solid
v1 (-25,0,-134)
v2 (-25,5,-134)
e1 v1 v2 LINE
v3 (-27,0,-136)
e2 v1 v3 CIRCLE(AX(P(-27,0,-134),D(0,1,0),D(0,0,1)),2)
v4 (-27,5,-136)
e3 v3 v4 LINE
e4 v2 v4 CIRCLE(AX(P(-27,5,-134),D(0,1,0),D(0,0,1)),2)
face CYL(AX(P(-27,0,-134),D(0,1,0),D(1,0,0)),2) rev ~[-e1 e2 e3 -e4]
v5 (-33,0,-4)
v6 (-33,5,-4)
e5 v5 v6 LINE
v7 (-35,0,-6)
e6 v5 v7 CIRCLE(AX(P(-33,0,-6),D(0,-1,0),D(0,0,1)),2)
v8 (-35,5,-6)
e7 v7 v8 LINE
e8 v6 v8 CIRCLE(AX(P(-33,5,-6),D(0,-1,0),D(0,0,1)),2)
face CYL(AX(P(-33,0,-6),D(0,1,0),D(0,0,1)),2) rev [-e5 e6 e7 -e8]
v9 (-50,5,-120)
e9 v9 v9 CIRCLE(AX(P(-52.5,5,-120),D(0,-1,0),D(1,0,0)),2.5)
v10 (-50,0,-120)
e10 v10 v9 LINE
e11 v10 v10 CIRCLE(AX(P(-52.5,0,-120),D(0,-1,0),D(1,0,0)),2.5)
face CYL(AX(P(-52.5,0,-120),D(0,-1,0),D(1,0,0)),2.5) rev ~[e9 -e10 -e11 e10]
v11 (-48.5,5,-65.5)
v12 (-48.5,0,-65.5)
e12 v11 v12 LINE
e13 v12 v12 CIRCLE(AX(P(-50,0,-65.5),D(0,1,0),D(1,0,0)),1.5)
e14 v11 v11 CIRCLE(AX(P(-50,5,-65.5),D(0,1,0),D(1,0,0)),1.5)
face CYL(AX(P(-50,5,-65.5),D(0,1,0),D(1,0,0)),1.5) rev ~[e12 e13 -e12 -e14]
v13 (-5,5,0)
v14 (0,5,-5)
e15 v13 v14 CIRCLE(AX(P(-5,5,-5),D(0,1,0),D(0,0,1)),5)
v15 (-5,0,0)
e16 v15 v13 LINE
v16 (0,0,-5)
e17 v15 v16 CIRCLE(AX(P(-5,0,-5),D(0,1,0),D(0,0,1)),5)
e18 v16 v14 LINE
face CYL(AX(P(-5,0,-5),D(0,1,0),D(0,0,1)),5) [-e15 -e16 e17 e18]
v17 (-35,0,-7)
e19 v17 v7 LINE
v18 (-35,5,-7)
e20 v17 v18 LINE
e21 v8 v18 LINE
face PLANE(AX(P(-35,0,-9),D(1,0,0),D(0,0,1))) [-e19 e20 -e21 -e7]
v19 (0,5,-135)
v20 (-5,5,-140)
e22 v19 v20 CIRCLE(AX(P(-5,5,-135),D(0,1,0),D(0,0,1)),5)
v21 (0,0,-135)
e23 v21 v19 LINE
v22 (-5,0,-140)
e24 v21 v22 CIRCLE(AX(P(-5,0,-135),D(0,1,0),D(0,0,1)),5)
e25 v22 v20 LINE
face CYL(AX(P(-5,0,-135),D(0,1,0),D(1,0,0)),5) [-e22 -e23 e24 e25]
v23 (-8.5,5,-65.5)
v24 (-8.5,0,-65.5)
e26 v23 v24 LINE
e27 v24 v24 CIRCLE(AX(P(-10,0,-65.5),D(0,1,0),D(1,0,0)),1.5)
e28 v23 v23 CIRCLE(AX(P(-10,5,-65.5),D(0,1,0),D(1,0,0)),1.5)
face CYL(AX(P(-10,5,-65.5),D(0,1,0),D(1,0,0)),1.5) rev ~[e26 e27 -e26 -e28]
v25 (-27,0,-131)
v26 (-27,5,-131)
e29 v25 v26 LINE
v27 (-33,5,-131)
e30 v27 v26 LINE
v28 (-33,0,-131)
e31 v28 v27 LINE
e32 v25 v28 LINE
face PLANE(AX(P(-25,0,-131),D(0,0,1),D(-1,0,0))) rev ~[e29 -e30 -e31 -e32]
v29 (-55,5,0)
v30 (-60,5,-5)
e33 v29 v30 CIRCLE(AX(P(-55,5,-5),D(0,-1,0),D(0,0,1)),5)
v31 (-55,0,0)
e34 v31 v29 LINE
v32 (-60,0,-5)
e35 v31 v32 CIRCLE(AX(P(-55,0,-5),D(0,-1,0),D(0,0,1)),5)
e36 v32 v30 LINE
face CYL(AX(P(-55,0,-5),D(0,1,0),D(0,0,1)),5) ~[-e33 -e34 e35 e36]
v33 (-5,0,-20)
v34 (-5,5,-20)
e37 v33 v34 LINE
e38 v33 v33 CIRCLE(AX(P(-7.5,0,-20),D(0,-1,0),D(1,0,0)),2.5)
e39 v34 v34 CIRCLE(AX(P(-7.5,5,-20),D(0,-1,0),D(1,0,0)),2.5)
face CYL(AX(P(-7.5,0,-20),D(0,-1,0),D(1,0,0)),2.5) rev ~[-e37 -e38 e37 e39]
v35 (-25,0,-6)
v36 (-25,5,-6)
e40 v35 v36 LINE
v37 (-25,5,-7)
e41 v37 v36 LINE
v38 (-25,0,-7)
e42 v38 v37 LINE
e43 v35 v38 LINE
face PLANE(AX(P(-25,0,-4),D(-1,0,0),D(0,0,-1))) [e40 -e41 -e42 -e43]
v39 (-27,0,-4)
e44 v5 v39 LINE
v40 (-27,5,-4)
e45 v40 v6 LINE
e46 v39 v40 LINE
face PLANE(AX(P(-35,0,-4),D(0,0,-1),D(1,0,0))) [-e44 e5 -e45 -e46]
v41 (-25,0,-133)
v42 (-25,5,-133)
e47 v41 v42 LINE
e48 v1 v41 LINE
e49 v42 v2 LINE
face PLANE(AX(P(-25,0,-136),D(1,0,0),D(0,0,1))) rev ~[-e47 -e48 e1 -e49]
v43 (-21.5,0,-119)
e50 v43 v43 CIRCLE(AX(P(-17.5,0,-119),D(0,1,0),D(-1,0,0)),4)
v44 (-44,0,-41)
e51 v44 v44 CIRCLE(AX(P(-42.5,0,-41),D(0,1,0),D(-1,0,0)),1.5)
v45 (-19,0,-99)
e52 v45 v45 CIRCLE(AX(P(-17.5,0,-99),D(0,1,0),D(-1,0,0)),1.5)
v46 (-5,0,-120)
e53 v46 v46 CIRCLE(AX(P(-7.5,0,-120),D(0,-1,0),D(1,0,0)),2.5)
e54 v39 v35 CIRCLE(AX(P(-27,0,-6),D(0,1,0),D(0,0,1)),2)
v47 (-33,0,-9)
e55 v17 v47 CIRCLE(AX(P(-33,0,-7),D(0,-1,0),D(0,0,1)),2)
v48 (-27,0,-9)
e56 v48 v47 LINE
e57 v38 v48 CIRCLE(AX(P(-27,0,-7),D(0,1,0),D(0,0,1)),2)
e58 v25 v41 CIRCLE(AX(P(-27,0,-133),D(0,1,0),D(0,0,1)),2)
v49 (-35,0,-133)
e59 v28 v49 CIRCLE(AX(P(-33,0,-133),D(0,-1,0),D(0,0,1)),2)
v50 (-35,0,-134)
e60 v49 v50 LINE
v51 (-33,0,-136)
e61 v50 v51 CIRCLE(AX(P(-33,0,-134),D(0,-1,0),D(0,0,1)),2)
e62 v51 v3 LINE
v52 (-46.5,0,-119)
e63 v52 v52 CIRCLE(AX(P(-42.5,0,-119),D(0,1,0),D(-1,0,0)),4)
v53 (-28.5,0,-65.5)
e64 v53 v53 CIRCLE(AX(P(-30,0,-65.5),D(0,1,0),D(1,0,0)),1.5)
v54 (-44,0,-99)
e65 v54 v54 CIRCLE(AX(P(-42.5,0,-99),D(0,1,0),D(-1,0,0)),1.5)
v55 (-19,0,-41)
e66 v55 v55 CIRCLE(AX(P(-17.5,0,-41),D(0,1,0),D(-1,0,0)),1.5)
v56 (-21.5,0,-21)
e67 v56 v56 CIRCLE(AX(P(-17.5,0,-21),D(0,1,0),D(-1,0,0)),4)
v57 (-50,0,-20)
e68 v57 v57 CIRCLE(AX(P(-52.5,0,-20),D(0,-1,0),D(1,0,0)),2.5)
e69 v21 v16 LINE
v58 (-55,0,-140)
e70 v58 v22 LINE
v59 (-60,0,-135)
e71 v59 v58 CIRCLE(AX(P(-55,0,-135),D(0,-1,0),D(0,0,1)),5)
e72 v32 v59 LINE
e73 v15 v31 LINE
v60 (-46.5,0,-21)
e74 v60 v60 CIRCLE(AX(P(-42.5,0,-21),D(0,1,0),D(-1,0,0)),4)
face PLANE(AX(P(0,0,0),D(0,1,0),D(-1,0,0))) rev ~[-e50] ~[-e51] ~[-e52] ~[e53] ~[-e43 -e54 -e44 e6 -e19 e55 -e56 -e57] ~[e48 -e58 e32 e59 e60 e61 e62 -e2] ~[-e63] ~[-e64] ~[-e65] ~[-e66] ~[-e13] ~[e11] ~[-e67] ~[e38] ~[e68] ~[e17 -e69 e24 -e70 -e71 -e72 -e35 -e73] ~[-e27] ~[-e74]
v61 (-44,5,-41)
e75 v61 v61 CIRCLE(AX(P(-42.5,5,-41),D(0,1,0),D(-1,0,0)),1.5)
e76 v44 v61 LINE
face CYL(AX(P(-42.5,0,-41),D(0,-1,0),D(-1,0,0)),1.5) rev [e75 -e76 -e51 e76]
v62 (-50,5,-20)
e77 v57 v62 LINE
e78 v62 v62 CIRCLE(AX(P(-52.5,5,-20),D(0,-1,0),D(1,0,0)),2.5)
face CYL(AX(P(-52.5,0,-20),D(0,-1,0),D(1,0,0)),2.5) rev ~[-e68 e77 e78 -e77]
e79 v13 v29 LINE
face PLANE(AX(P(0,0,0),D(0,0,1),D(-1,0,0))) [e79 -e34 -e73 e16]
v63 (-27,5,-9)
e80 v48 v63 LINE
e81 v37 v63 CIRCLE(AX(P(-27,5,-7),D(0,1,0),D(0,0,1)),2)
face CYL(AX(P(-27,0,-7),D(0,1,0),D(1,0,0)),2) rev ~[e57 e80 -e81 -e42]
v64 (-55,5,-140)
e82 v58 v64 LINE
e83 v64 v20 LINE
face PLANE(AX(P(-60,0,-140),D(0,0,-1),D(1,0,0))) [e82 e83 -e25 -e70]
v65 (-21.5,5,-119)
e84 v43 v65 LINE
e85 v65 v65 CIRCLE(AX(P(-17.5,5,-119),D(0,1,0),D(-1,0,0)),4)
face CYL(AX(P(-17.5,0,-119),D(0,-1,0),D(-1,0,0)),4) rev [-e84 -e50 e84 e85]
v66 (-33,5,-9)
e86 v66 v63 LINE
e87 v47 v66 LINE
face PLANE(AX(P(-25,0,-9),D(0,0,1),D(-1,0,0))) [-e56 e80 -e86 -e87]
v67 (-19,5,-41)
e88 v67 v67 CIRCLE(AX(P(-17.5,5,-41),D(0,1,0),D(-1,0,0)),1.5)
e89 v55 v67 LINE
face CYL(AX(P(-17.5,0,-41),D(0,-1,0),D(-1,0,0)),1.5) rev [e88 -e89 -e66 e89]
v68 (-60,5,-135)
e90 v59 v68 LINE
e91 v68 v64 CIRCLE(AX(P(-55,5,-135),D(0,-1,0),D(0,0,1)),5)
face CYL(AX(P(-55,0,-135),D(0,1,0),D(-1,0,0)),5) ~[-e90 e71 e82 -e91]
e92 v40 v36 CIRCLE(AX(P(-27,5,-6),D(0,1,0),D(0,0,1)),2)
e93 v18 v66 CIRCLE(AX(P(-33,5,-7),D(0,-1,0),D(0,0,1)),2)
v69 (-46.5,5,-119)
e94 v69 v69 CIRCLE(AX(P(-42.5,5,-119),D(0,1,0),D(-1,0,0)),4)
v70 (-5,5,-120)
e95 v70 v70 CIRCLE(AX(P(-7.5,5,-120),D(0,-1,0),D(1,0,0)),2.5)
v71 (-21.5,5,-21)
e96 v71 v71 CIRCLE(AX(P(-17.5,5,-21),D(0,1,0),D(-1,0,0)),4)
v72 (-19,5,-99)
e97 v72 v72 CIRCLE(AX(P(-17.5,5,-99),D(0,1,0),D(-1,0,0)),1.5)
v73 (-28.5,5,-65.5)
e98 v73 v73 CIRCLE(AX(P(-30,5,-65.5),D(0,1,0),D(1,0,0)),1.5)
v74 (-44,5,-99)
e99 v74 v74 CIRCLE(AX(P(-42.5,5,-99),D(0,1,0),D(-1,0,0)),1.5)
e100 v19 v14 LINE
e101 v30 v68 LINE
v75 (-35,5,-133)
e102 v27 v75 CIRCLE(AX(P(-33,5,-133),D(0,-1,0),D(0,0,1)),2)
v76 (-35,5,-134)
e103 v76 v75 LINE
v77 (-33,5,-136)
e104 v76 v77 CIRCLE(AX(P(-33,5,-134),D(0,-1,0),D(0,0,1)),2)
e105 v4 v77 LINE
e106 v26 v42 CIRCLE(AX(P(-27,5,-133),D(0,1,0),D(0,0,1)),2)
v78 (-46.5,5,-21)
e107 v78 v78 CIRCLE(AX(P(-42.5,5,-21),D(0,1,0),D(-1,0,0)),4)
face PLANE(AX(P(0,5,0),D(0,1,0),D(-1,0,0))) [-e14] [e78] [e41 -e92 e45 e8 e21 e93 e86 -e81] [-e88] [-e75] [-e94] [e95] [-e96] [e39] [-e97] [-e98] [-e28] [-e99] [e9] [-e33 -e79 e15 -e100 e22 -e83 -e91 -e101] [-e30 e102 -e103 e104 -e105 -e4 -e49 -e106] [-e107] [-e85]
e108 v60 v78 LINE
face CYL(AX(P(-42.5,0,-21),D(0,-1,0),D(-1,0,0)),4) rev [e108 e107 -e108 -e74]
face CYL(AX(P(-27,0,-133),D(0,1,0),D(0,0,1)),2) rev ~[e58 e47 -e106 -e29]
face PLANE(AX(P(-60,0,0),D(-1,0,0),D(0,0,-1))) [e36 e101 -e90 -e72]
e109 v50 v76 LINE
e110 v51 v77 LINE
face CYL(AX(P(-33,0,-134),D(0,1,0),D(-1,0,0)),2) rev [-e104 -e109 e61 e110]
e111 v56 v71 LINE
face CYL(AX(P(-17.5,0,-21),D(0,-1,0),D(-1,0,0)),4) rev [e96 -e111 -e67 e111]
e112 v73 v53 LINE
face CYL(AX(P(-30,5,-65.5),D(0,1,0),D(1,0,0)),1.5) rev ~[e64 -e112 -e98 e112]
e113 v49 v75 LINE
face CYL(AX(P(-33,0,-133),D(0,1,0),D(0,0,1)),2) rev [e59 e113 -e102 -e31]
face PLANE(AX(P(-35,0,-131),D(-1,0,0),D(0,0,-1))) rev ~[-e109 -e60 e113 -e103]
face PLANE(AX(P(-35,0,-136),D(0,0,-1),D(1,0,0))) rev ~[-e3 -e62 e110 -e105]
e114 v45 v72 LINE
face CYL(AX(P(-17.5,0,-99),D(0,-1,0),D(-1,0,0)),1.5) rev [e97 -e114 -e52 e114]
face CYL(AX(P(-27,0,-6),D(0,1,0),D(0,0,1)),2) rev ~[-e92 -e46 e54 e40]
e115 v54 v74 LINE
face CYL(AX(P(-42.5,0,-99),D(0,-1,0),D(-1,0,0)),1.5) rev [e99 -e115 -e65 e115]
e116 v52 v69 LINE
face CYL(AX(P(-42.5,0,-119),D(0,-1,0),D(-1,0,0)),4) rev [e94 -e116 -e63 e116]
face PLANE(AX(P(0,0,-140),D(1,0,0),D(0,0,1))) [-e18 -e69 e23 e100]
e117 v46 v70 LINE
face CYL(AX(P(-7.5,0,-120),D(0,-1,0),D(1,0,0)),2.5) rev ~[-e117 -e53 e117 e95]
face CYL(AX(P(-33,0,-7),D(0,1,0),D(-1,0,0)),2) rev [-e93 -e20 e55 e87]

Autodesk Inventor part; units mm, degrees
ref_plane "YZ Plane" through (0, 0, 0) normal (1, 0, 0) x (0, 1, 0)
ref_plane "XZ Plane" through (0, 0, 0) normal (0, 1, 0) x (-1, 0, 0)
ref_plane "XY Plane" through (0, 0, 0) normal (0, 0, 1) x (1, 0, 0)
sketch "Sketch1" plane through (0, 0, 0) normal (0, 1, 0) x (-1, 0, 0)
  line L0 (0, 0) -> (60, 0)
  line L1 (60, 0) -> (60, -140)
  line L2 (60, -140) -> (0, -140)
  line L3 (0, -140) -> (0, 0)
  line L4 (30, -20.8594) -> (30, -183.1932) construction
  line L5 (42.5, -21.7206) -> (42.5, -191.0157) construction
  line L6 (17.5, -21.7206) -> (17.5, -184.1979) construction
  circle A0 centre (42.5, -21) radius 4
  circle A1 centre (42.5, -41) radius 1.5
  circle A2 centre (42.5, -99) radius 1.5
  circle A3 centre (42.5, -119) radius 4
  circle A4 centre (17.5, -99) radius 1.5
  circle A5 centre (17.5, -119) radius 4
  circle A6 centre (17.5, -41) radius 1.5
  circle A7 centre (17.5, -21) radius 4
  dimension "d0" = 140
  dimension "d1" = 60
  dimension "d2" = 30
  dimension "d3" = 12.5
  dimension "d4" = 12.5
  dimension "d5" = 8
  dimension "d6" = 3
  dimension "d7" = 3
  dimension "d8" = 8
  dimension "d9" = 3
  dimension "d10" = 8
  dimension "d11" = 3
  dimension "d12" = 8
  dimension "d13" = 20
  dimension "d14" = 20
  dimension "d15" = 20
  dimension "d16" = 20
  dimension "d17" = 21
  dimension "d18" = 21
  dimension "d19" = 21
  dimension "d20" = 21
extrude "Extrusion1" add sketch "Sketch1" along normal blind 5
sketch "Sketch2" plane through (0, 0, 0) normal (0, -1, 0) x (1, 0, 0)
  circle A0 centre (-52.5, -120) radius 2.5
  circle A1 centre (-52.5, -20) radius 2.5
  circle A2 centre (-7.5, -120) radius 2.5
  circle A3 centre (-7.5, -20) radius 2.5
  line L0 (-60, -140) -> (-60, 0) projected
  line L1 (0, -140) -> (-60, -140) projected
  line L2 (-60, 0) -> (0, 0) projected
  line L3 (0, 0) -> (0, -140) projected
  dimension "d23" = 5
  dimension "d24" = 5
  dimension "d25" = 5
  dimension "d26" = 5
  dimension "d27" = 7.5
  dimension "d28" = 20
  dimension "d29" = 7.5
  dimension "d30" = 20
  dimension "d31" = 20
  dimension "d32" = 7.5
  dimension "d33" = 20
  dimension "d34" = 7.5
extrude "Extrusion2" cut sketch "Sketch2" against normal blind 10 contours A0 | A1 | A2 | A3
sketch "Sketch3" plane through (0, 0, 0) normal (0, -1, 0) x (1, 0, 0)
  line L0 (-68.3542, -70) -> (15.9682, -70) construction
  line L1 (0, -140) -> (-60, -140) projected
  line L2 (-35, -136) -> (-25, -136)
  line L3 (-25, -136) -> (-25, -131)
  line L4 (-25, -131) -> (-35, -131)
  line L5 (-35, -131) -> (-35, -136)
  line L6 (-60, -140) -> (-60, 0) projected
  line L7 (-35, -4) -> (-25, -4)
  line L8 (-25, -4) -> (-25, -9)
  line L9 (-25, -9) -> (-35, -9)
  line L10 (-35, -9) -> (-35, -4)
  point P0 (0, 0)
  dimension "d40" = 70
  dimension "d41" = 10
  dimension "d42" = 25
  dimension "d43" = 4
  dimension "d44" = 5
extrude "Extrusion3" cut sketch "Sketch3" against normal blind 10
fillet "Fillet2" radius 5 4 edges at (0, 2.5, -140) (-60, 2.5, -140) (-60, 2.5, 0) (0, 2.5, 0)
sketch "Sketch4" plane through (0, 5, 0) normal (0, 1, 0) x (1, 0, 0)
  circle A0 centre (-10, 65.5) radius 1.5
  circle A1 centre (-30, 65.5) radius 1.5
  circle A2 centre (-50, 65.5) radius 1.5
  line L0 (3.8133, 65.5) -> (-51.9818, 65.5) construction
  line L1 (-55, 0) -> (-5, 0) projected
  line L2 (0, 5) -> (0, 135) projected
  point P0 (0, 0)
  dimension "d49" = 3
  dimension "d50" = 3
  dimension "d51" = 3
  dimension "d52" = 65.5
  dimension "d53" = 10
  dimension "d54" = 30
  dimension "d55" = 50
extrude "Extrusion4" cut sketch "Sketch4" against normal blind 10
fillet "Fillet3" radius 2 8 edges at (-25, 2.5, -131) (-25, 2.5, -136) (-35, 2.5, -136) (-35, 2.5, -131) (-25, 2.5, -9) (-25, 2.5, -4) (-35, 2.5, -4) (-35, 2.5, -9)
equation "\"d2\" = 0.5 * d1"
equation "\"d4\" = d3"
equation "\"d8\" = d5"
equation "\"d10\" = d5"
equation "\"d12\" = d5"
equation "\"d14\" = d13"
equation "\"d15\" = d13"
equation "\"d16\" = d13"
equation "\"d18\" = d17"
equation "\"d19\" = d17"
equation "\"d20\" = d17"
equation "\"d29\" = d27"
equation "\"d30\" = d28"
equation "\"d31\" = d28"
equation "\"d32\" = d27"
equation "\"d33\" = d28"
equation "\"d34\" = d27"
properties part number "Y-Axis_back_plate_top" material "PET Plastic"
